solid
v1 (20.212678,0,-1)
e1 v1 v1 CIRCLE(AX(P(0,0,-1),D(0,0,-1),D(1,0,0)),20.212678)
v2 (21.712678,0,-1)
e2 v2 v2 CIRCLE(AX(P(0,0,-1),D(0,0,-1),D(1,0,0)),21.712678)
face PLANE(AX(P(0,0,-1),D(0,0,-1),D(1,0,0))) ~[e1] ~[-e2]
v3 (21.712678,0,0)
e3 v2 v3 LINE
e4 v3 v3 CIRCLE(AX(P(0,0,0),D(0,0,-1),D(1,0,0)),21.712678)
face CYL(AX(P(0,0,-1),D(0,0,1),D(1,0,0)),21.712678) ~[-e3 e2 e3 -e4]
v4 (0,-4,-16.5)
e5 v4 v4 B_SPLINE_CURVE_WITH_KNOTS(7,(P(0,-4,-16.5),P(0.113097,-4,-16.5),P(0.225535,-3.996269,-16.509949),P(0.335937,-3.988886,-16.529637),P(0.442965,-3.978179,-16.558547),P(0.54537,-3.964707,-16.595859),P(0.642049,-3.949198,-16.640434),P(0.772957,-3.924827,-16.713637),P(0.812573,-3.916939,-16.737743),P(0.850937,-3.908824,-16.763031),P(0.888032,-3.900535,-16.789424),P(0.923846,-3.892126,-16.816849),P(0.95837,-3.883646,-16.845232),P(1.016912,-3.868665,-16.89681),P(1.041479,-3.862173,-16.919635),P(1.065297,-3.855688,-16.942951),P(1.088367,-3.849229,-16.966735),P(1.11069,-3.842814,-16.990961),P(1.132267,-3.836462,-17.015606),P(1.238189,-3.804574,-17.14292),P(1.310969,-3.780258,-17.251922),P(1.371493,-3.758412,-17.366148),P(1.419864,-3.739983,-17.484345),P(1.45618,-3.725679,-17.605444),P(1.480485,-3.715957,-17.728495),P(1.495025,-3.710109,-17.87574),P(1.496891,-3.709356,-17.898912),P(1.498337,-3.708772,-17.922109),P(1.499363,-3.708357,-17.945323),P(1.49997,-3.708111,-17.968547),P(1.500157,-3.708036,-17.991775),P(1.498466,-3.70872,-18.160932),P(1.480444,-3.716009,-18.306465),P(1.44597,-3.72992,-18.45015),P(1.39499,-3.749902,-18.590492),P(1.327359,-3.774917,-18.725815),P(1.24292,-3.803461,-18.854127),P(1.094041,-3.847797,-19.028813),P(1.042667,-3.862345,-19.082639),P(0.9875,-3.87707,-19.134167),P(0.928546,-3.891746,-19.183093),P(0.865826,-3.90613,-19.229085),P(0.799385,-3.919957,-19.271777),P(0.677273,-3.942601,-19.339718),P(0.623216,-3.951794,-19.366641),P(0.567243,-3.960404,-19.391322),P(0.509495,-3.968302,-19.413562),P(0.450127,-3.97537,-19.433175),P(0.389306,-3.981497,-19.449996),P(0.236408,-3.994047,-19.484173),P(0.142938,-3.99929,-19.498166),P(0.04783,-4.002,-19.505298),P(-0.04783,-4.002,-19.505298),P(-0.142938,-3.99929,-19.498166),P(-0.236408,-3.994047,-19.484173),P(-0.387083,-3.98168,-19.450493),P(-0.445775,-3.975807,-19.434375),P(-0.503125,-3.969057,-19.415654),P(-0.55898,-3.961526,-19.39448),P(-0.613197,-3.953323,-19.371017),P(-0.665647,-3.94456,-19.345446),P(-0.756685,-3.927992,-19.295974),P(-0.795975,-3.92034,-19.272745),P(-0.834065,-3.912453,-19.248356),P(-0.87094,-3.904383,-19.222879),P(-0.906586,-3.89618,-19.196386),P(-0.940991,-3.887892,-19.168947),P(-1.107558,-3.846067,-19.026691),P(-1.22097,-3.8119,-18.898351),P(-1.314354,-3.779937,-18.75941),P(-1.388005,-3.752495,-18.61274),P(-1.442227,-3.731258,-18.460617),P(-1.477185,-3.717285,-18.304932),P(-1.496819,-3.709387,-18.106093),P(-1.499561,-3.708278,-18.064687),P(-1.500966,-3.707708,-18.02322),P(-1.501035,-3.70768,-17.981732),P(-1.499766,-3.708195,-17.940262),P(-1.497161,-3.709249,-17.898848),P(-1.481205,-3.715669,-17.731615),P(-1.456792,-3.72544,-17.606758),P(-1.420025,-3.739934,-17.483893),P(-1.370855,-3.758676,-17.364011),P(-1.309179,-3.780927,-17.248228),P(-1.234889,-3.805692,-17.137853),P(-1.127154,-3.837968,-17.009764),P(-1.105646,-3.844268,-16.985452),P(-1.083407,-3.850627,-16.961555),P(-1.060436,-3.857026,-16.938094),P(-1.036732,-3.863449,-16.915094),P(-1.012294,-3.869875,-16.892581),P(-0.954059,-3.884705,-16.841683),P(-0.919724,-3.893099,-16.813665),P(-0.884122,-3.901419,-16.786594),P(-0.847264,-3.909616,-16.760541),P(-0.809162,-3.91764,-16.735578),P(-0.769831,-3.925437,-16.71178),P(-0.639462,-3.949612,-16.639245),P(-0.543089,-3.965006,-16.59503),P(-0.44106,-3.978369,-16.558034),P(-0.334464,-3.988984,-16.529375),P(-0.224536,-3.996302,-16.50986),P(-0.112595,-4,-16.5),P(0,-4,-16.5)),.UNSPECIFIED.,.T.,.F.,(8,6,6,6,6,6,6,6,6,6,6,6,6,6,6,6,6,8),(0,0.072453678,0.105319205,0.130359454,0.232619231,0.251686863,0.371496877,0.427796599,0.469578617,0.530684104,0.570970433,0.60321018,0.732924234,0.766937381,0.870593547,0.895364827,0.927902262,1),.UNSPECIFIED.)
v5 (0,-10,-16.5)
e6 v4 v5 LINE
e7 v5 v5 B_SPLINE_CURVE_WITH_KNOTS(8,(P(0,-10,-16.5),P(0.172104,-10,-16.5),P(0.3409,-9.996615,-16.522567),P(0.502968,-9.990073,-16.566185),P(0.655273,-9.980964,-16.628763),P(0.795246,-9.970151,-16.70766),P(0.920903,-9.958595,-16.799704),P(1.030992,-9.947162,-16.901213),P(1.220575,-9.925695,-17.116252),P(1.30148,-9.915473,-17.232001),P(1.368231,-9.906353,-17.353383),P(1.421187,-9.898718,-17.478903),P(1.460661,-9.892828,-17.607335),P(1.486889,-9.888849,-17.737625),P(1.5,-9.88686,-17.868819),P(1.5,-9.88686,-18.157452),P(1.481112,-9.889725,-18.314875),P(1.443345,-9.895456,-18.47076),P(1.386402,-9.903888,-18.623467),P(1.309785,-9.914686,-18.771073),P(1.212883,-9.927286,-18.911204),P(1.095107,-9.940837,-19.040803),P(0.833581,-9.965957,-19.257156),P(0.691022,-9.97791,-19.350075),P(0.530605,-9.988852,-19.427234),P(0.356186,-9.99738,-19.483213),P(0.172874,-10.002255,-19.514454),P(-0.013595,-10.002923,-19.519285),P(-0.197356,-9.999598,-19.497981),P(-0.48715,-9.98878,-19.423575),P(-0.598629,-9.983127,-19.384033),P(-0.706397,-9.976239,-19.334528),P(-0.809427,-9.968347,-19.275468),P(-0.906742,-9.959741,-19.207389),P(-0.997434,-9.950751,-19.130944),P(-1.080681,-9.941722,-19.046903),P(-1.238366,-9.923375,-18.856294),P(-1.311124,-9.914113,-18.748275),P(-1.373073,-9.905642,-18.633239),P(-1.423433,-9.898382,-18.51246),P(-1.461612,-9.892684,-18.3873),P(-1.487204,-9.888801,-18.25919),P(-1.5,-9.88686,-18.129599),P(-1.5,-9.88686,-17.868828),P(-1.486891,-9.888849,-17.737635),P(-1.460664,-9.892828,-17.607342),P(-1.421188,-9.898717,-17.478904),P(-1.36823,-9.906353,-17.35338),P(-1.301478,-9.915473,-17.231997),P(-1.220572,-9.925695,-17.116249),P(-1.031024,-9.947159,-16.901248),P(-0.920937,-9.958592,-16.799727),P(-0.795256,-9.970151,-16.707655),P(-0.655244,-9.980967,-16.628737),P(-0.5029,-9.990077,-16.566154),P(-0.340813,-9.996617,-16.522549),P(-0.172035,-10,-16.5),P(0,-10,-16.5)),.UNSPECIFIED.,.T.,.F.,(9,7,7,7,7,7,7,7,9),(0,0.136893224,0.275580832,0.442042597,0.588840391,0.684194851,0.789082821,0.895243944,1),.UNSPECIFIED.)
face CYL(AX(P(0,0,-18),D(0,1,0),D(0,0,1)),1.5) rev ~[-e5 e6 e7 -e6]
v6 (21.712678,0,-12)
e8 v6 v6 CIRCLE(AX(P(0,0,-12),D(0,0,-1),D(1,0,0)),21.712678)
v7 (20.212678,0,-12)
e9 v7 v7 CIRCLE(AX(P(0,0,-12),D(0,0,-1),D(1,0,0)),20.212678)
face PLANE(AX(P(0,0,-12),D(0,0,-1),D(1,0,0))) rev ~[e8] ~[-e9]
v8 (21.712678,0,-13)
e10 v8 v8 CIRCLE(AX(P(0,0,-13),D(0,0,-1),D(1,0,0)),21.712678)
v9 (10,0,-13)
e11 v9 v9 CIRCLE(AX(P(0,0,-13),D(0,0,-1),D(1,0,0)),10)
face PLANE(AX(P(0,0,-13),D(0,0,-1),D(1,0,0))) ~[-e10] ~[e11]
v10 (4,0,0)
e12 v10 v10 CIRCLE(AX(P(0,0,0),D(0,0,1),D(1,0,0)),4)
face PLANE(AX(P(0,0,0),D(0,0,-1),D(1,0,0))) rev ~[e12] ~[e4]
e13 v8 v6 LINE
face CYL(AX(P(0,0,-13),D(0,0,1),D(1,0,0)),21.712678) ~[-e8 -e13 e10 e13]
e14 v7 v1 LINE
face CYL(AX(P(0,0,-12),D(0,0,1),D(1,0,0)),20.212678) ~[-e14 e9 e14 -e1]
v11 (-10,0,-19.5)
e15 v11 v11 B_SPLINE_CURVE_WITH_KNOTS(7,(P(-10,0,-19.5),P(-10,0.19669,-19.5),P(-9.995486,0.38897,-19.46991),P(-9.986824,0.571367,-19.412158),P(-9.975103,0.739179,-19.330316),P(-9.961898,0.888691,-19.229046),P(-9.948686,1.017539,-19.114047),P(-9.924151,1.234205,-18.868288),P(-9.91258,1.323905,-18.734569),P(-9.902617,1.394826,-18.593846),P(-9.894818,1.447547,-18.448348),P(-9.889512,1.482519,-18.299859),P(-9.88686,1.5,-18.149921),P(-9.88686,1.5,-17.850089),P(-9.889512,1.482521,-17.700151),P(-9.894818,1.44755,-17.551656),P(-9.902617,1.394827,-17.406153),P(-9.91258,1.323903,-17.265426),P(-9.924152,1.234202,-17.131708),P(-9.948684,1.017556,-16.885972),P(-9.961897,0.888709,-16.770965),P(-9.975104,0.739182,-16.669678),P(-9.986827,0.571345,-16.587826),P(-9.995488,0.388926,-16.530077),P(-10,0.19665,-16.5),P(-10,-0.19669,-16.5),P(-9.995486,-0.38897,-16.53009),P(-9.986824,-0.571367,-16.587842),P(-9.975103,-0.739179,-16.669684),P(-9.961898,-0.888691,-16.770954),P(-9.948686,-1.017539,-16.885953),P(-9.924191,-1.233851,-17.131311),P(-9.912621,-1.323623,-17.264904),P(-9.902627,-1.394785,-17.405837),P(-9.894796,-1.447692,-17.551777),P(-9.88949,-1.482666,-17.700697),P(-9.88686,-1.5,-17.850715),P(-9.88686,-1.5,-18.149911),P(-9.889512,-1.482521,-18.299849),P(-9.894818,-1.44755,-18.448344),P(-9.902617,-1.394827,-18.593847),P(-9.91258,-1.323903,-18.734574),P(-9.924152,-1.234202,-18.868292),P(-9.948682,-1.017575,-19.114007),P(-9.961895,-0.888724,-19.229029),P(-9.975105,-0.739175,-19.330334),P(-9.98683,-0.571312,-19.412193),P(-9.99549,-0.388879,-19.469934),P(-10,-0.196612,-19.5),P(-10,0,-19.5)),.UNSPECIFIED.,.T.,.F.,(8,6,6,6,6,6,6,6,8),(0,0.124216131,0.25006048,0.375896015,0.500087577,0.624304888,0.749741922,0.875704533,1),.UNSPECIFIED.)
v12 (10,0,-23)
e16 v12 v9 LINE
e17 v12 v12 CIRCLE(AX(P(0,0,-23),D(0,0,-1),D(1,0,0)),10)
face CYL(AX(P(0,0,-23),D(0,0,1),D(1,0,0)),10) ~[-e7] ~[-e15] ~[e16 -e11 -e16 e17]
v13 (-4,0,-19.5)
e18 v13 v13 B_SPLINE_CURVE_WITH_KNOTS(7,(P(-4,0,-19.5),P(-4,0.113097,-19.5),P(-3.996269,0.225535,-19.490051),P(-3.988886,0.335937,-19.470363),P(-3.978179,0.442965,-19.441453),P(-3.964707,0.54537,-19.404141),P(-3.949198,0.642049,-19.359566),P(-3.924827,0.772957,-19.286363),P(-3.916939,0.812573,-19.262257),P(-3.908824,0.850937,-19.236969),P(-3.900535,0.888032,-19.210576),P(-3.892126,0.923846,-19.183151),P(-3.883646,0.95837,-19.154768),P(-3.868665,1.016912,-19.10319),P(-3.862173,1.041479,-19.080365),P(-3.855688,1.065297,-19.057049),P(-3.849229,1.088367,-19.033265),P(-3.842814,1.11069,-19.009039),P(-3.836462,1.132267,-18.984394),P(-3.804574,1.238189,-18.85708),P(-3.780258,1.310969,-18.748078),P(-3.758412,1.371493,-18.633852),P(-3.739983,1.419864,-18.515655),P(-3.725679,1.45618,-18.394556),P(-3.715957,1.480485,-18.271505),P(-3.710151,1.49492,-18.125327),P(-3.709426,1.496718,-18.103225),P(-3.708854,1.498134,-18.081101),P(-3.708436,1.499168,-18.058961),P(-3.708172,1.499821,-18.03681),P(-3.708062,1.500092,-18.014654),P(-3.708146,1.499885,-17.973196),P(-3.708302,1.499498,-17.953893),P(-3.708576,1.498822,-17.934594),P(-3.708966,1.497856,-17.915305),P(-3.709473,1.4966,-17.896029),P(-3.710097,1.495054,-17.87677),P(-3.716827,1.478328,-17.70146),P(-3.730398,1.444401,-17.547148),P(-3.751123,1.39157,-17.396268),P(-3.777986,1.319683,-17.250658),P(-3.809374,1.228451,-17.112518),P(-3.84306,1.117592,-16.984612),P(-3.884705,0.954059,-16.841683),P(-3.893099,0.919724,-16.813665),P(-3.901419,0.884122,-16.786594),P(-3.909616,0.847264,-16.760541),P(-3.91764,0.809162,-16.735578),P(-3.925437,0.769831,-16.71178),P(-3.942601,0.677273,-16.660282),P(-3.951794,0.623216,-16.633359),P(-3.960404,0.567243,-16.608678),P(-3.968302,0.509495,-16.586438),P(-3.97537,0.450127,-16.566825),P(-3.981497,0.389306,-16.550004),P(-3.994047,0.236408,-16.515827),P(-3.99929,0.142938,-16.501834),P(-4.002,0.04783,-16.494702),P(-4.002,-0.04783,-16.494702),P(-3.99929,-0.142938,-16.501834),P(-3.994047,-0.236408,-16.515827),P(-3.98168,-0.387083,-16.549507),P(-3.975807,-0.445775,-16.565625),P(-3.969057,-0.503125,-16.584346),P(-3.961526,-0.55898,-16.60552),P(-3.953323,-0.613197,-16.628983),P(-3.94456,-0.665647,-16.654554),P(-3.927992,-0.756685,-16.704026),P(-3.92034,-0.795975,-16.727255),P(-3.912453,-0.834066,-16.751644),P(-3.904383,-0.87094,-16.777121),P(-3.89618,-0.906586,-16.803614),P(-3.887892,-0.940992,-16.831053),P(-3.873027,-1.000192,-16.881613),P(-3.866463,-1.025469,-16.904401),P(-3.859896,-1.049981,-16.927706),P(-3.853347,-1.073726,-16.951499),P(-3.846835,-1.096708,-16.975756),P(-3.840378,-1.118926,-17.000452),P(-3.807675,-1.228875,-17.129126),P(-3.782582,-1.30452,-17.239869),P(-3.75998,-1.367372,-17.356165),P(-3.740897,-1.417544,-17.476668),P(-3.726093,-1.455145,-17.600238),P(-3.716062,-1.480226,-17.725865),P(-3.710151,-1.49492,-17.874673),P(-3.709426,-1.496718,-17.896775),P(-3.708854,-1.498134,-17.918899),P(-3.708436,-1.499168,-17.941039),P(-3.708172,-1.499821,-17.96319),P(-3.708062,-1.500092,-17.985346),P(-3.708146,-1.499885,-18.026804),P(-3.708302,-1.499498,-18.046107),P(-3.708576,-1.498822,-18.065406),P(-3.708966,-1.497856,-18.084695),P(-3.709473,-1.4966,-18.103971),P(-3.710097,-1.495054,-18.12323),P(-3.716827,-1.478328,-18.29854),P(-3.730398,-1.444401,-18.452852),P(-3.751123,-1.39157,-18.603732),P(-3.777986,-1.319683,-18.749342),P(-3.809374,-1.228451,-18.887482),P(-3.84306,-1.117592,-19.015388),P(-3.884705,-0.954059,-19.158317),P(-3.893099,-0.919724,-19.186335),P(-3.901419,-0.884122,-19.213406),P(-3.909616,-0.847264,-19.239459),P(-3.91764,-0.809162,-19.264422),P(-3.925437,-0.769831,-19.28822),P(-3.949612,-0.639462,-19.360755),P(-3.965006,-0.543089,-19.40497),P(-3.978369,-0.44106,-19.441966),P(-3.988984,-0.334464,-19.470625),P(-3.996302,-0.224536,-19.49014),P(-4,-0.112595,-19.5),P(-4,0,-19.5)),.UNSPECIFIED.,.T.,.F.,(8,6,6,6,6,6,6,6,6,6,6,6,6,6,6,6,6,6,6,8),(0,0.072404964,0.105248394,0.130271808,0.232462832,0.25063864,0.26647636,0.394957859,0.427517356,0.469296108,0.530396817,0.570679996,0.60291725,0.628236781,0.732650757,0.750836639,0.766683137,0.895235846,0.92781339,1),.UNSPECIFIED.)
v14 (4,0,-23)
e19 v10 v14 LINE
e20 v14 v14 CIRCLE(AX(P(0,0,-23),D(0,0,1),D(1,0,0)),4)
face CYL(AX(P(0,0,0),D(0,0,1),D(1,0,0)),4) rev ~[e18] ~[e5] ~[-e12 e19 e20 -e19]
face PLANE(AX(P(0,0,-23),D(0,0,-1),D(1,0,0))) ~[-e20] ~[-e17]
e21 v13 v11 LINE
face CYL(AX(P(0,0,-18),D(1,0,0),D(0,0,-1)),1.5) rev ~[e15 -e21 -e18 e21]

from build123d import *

# Parameters (mm, degrees)
SKETCH2_R          = 4
CUT_EXTRUDE1_DEPTH = 39.365098099
SKETCH3_R          = 1.5
CUT_EXTRUDE2_DEPTH = 39.365098099
SKETCH4_R          = 1.5
CUT_EXTRUDE3_DEPTH = 39.365098159


with BuildPart() as part:
    # Sketch1 → Revolve1 (revolve)
    with BuildSketch(Plane(origin=(0, 0, 0), x_dir=(1, 0, 0), z_dir=(0, 1, 0)), mode=Mode.PRIVATE) as revolve1_sk:
        Polygon((0, 23), (-10, 23), (-10, 13), (-21.712677773, 13), (-21.712677773, 12), (-20.212677773, 12), (-20.212677773, 1), (-21.712677773, 1), (-21.712677773, 0), (0, 0), align=None)
    revolve(revolve1_sk.sketch.rotate(Axis((0, 0, 0), (0, 0, -1)), 180), axis=Axis((0, 0, 0), (0, 0, -1)))

    # Sketch2 → Cut-Extrude1 (cut, through all)
    with BuildSketch(Plane.XY):
        Circle(SKETCH2_R)
    extrude(amount=-CUT_EXTRUDE1_DEPTH, mode=Mode.SUBTRACT)

    # Sketch3 → Cut-Extrude2 (cut, through all)
    with BuildSketch(Plane(origin=(0, 0, 0), x_dir=(1, 0, 0), z_dir=(0, 1, 0))):
        with Locations(Location((0, 18, 0), (0, 0, 270))):
            Circle(SKETCH3_R)
    extrude(amount=-CUT_EXTRUDE2_DEPTH, mode=Mode.SUBTRACT)

    # Sketch4 → Cut-Extrude3 (cut, through all)
    with BuildSketch(Plane(origin=(0, 0, 0), x_dir=(0, 0, -1), z_dir=(1, 0, 0))):
        with Locations((18, 0)):
            Circle(SKETCH4_R)
    extrude(amount=-CUT_EXTRUDE3_DEPTH, mode=Mode.SUBTRACT)


solid = part.part
